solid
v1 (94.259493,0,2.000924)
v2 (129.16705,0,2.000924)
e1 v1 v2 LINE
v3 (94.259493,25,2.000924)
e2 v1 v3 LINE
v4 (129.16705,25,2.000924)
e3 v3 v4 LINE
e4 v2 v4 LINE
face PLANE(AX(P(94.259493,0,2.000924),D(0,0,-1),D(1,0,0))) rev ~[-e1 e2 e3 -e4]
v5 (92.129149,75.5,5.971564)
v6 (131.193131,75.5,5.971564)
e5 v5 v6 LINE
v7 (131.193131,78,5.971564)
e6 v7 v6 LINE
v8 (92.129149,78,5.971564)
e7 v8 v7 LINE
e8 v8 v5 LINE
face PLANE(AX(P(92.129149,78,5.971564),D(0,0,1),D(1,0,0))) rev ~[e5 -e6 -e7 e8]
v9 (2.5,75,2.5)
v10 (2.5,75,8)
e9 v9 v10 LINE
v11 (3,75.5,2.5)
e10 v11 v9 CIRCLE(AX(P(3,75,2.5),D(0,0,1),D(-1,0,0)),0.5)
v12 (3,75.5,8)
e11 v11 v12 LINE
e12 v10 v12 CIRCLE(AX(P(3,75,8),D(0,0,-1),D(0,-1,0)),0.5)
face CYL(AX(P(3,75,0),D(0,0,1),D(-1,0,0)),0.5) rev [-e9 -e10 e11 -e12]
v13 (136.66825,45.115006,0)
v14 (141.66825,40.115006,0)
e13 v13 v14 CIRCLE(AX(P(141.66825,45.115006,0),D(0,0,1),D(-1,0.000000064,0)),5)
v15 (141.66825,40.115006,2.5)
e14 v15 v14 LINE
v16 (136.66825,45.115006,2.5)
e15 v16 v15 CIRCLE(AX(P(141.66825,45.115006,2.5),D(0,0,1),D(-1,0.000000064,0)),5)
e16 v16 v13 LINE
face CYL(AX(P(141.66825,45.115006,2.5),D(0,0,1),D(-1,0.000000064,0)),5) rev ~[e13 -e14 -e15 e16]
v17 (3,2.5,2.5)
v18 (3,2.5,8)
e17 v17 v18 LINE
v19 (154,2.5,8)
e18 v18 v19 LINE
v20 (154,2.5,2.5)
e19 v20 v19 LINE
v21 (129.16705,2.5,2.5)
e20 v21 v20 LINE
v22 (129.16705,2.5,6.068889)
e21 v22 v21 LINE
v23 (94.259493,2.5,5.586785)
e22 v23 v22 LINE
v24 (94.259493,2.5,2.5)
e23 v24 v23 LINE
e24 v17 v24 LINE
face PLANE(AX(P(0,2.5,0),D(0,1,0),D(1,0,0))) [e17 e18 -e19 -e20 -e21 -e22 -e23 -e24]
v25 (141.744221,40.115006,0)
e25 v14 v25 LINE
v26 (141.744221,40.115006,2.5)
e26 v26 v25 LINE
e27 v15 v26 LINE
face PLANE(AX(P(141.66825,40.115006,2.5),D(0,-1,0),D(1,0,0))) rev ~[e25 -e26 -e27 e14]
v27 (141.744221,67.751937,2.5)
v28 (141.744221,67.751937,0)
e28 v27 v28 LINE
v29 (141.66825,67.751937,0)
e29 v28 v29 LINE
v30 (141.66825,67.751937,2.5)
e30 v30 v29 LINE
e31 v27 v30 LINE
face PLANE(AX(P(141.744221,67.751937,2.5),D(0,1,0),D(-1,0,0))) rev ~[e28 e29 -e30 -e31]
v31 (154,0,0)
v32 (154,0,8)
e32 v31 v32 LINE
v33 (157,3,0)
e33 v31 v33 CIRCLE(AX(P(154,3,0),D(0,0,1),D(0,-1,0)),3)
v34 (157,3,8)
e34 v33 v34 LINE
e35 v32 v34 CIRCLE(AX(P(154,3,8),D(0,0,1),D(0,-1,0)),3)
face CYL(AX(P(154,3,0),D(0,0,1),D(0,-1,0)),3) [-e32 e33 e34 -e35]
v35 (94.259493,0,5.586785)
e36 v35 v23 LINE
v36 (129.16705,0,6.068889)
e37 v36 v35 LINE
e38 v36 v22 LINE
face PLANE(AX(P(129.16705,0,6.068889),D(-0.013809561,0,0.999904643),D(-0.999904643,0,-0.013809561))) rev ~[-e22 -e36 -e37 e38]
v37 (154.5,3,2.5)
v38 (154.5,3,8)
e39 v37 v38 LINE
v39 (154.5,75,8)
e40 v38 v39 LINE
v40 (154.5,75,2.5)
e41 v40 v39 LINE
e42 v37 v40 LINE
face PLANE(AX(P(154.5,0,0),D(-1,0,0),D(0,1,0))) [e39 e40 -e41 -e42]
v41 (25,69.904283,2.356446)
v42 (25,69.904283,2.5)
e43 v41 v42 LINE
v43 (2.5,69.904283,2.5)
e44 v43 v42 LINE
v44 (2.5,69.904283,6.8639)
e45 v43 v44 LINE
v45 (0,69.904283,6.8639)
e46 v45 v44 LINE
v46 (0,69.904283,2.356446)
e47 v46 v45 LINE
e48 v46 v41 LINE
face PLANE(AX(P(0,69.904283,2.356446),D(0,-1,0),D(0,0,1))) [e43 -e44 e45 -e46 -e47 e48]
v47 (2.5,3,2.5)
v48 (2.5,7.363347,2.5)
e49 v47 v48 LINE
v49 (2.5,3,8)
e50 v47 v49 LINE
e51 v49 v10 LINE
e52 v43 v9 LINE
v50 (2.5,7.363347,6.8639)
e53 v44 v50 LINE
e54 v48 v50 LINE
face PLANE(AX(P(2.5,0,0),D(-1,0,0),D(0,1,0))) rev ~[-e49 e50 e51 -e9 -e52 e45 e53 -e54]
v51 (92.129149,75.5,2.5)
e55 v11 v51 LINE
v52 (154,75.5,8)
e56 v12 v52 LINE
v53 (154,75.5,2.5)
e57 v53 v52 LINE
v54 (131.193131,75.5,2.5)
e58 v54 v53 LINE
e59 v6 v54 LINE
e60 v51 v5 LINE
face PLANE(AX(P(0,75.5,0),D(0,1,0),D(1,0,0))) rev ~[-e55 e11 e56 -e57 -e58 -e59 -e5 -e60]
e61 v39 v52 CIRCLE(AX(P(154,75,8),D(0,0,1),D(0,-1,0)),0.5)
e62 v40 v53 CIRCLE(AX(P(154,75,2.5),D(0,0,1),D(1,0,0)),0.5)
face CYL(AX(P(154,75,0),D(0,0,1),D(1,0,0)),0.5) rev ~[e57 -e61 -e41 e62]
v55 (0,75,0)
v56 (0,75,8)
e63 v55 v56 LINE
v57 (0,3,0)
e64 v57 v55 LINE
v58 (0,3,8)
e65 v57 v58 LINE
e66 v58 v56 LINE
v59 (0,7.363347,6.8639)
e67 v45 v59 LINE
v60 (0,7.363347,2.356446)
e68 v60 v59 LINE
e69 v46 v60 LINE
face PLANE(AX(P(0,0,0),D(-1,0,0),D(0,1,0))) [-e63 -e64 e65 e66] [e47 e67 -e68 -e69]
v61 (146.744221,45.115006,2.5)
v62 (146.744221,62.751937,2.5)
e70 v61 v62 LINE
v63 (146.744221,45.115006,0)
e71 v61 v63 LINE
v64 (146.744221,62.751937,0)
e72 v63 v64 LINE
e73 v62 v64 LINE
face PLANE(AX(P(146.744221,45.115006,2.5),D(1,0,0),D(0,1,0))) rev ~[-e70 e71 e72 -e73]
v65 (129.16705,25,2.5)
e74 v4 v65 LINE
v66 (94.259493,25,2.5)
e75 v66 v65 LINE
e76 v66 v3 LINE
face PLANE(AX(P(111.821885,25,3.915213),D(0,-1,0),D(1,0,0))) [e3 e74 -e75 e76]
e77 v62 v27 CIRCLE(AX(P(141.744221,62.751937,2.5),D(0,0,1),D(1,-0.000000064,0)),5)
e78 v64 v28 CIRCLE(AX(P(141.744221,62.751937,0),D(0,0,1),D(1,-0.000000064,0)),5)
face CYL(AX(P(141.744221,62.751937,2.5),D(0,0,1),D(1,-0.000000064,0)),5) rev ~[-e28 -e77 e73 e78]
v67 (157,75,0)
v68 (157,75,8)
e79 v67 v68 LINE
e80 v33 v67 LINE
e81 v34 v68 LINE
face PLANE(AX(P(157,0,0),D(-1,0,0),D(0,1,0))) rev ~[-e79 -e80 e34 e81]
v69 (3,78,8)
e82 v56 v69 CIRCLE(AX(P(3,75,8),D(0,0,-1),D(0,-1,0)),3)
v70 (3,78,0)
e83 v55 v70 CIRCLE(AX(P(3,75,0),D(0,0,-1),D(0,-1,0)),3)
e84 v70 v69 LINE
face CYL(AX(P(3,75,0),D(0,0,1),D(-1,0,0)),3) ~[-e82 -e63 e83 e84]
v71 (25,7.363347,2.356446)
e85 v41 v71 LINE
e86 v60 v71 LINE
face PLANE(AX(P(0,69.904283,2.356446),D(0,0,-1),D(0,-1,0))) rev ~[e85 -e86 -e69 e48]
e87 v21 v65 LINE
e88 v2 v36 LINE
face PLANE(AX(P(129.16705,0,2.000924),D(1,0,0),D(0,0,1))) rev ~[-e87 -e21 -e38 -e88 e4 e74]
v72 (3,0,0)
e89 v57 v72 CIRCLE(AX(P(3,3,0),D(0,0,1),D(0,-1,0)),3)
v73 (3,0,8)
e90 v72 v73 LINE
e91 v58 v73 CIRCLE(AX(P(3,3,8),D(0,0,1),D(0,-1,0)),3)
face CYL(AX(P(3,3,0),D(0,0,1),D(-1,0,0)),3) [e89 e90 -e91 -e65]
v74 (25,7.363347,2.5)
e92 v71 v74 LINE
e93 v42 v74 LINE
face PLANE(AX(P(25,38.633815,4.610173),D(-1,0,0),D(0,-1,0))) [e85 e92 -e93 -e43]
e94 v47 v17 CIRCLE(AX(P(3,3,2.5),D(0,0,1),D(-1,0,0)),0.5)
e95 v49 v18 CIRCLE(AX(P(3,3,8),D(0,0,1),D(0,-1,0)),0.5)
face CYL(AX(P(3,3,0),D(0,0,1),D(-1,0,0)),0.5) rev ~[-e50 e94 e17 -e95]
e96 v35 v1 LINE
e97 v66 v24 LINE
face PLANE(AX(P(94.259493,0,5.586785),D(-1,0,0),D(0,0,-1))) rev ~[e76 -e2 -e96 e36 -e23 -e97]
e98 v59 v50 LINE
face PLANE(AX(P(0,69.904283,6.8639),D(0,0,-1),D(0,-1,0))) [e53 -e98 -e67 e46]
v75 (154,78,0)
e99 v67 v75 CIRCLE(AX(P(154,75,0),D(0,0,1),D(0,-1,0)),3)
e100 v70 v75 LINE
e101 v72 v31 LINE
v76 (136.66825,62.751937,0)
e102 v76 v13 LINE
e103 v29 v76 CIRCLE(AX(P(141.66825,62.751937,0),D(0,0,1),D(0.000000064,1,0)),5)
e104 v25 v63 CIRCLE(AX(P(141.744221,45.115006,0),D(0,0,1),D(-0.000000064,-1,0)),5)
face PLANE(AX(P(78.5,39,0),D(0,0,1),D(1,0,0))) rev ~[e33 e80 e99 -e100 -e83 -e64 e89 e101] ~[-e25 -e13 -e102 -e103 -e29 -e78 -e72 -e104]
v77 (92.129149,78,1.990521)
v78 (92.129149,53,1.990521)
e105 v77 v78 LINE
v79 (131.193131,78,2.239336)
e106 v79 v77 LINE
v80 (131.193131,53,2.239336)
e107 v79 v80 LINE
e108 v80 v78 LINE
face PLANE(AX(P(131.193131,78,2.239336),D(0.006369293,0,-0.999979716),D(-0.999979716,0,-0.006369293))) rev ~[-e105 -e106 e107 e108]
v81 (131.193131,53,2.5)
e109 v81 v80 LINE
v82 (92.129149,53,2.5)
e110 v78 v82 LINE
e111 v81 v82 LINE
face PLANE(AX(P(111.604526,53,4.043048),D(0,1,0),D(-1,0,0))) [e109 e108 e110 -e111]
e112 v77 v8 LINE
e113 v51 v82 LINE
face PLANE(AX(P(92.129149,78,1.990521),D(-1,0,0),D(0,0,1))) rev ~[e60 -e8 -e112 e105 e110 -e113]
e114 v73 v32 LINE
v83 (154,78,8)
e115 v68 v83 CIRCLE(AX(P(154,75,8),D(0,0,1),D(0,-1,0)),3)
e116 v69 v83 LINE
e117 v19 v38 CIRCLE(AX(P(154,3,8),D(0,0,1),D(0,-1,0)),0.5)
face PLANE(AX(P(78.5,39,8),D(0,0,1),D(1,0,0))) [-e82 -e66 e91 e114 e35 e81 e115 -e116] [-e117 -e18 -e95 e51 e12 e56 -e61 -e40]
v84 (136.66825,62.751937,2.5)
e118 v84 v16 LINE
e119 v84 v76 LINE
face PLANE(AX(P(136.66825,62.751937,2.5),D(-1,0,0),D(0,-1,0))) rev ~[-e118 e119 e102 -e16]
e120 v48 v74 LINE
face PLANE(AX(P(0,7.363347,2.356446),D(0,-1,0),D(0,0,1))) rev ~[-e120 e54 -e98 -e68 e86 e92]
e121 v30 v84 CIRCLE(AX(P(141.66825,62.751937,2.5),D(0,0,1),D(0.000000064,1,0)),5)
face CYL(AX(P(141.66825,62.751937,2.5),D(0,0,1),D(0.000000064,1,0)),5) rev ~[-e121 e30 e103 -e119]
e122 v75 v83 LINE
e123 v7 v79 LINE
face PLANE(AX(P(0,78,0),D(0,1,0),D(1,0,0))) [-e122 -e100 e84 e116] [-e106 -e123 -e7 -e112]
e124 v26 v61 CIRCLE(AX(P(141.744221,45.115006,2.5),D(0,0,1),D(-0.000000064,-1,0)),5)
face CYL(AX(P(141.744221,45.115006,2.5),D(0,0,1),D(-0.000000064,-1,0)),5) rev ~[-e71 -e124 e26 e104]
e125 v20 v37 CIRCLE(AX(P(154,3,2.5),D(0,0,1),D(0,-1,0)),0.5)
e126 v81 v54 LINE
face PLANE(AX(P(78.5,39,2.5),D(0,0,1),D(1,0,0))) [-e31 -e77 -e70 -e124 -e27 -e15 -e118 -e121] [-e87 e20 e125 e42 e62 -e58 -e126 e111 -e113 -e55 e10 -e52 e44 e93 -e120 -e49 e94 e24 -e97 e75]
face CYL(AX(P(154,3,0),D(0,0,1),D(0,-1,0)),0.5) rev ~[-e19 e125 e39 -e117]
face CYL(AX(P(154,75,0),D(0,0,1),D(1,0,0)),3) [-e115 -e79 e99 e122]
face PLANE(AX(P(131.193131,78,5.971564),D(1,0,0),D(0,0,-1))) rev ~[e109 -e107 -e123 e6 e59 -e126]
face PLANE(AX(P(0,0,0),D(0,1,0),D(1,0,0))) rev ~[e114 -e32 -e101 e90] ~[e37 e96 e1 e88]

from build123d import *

# Parameters (mm, degrees)
F0_W      = 157
F0_H      = 78
F1_DEPTH  = 8
F2_R      = 3
F3_T      = -2.5
F5_DEPTH  = 25
F7_W      = 62.540936
F7_H      = 4.507454
F8_DEPTH  = 25
F11_DEPTH = 25
F12_DEPTH = 25


with BuildPart() as f1:
    # F0 (on Top) → F1 (new body)
    with BuildSketch(Plane.XY):
        with Locations((78.5, 39)):
            Rectangle(F0_W, F0_H)
    extrude(amount=F1_DEPTH)

    # F2
    f2_edges = [f1.edges().sort_by_distance(p)[0] for p in [
        (157, 0, 4),
        (157, 78, 4),
        (0, 78, 4),
        (0, 0, 4),
    ]]
    fillet(f2_edges, radius=F2_R)

    # F3
    f3_openings = [f1.faces().sort_by_distance(p)[0] for p in [
        (78.5, 39, 8),
    ]]
    offset(amount=F3_T, openings=f3_openings)

    # F4 (on face) → F5 (cut)
    with BuildSketch(Plane.XY.offset(2.5)):
        with BuildLine():
            ThreePointArc((146.744221, 62.751937), (145.279755, 66.287471), (141.744221, 67.751937))
            Line((141.744221, 67.751937), (141.66825, 67.751937))
            ThreePointArc((141.66825, 67.751937), (138.132716, 66.287471), (136.66825, 62.751937))
            Line((136.66825, 62.751937), (136.66825, 45.115006))
            ThreePointArc((136.66825, 45.115006), (138.132716, 41.579472), (141.66825, 40.115006))
            Line((141.66825, 40.115006), (141.744221, 40.115006))
            ThreePointArc((141.744221, 40.115006), (145.279755, 41.579472), (146.744221, 45.115006))
            Line((146.744221, 45.115006), (146.744221, 62.751937))
        make_face()
    extrude(amount=-F5_DEPTH, mode=Mode.SUBTRACT)

    # F7 (on face) → F8 (cut)
    with BuildSketch(Plane(origin=(0, 0, 0), x_dir=(0, -1, 0), z_dir=(-1, 0, 0))):
        with Locations((-38.633815, 4.610173)):
            Rectangle(F7_W, F7_H)
    extrude(amount=-F8_DEPTH, mode=Mode.SUBTRACT)

    # F10 (on face) → F11 (cut)
    with BuildSketch(Plane.XZ):
        Polygon((129.16705, 6.068889), (94.259493, 5.586785), (94.259493, 2.000924), (129.16705, 2.000924), align=None)
    extrude(amount=-F11_DEPTH, mode=Mode.SUBTRACT)

    # F9 (on face) → F12 (cut)
    with BuildSketch(Plane(origin=(0, 78, 0), x_dir=(-1, 0, 0), z_dir=(0, 1, 0))):
        Polygon((-131.193131, 2.239336), (-92.129149, 1.990521), (-92.129149, 5.971564), (-131.193131, 5.971564), align=None)
    extrude(amount=-F12_DEPTH, mode=Mode.SUBTRACT)


solid = f1.part
